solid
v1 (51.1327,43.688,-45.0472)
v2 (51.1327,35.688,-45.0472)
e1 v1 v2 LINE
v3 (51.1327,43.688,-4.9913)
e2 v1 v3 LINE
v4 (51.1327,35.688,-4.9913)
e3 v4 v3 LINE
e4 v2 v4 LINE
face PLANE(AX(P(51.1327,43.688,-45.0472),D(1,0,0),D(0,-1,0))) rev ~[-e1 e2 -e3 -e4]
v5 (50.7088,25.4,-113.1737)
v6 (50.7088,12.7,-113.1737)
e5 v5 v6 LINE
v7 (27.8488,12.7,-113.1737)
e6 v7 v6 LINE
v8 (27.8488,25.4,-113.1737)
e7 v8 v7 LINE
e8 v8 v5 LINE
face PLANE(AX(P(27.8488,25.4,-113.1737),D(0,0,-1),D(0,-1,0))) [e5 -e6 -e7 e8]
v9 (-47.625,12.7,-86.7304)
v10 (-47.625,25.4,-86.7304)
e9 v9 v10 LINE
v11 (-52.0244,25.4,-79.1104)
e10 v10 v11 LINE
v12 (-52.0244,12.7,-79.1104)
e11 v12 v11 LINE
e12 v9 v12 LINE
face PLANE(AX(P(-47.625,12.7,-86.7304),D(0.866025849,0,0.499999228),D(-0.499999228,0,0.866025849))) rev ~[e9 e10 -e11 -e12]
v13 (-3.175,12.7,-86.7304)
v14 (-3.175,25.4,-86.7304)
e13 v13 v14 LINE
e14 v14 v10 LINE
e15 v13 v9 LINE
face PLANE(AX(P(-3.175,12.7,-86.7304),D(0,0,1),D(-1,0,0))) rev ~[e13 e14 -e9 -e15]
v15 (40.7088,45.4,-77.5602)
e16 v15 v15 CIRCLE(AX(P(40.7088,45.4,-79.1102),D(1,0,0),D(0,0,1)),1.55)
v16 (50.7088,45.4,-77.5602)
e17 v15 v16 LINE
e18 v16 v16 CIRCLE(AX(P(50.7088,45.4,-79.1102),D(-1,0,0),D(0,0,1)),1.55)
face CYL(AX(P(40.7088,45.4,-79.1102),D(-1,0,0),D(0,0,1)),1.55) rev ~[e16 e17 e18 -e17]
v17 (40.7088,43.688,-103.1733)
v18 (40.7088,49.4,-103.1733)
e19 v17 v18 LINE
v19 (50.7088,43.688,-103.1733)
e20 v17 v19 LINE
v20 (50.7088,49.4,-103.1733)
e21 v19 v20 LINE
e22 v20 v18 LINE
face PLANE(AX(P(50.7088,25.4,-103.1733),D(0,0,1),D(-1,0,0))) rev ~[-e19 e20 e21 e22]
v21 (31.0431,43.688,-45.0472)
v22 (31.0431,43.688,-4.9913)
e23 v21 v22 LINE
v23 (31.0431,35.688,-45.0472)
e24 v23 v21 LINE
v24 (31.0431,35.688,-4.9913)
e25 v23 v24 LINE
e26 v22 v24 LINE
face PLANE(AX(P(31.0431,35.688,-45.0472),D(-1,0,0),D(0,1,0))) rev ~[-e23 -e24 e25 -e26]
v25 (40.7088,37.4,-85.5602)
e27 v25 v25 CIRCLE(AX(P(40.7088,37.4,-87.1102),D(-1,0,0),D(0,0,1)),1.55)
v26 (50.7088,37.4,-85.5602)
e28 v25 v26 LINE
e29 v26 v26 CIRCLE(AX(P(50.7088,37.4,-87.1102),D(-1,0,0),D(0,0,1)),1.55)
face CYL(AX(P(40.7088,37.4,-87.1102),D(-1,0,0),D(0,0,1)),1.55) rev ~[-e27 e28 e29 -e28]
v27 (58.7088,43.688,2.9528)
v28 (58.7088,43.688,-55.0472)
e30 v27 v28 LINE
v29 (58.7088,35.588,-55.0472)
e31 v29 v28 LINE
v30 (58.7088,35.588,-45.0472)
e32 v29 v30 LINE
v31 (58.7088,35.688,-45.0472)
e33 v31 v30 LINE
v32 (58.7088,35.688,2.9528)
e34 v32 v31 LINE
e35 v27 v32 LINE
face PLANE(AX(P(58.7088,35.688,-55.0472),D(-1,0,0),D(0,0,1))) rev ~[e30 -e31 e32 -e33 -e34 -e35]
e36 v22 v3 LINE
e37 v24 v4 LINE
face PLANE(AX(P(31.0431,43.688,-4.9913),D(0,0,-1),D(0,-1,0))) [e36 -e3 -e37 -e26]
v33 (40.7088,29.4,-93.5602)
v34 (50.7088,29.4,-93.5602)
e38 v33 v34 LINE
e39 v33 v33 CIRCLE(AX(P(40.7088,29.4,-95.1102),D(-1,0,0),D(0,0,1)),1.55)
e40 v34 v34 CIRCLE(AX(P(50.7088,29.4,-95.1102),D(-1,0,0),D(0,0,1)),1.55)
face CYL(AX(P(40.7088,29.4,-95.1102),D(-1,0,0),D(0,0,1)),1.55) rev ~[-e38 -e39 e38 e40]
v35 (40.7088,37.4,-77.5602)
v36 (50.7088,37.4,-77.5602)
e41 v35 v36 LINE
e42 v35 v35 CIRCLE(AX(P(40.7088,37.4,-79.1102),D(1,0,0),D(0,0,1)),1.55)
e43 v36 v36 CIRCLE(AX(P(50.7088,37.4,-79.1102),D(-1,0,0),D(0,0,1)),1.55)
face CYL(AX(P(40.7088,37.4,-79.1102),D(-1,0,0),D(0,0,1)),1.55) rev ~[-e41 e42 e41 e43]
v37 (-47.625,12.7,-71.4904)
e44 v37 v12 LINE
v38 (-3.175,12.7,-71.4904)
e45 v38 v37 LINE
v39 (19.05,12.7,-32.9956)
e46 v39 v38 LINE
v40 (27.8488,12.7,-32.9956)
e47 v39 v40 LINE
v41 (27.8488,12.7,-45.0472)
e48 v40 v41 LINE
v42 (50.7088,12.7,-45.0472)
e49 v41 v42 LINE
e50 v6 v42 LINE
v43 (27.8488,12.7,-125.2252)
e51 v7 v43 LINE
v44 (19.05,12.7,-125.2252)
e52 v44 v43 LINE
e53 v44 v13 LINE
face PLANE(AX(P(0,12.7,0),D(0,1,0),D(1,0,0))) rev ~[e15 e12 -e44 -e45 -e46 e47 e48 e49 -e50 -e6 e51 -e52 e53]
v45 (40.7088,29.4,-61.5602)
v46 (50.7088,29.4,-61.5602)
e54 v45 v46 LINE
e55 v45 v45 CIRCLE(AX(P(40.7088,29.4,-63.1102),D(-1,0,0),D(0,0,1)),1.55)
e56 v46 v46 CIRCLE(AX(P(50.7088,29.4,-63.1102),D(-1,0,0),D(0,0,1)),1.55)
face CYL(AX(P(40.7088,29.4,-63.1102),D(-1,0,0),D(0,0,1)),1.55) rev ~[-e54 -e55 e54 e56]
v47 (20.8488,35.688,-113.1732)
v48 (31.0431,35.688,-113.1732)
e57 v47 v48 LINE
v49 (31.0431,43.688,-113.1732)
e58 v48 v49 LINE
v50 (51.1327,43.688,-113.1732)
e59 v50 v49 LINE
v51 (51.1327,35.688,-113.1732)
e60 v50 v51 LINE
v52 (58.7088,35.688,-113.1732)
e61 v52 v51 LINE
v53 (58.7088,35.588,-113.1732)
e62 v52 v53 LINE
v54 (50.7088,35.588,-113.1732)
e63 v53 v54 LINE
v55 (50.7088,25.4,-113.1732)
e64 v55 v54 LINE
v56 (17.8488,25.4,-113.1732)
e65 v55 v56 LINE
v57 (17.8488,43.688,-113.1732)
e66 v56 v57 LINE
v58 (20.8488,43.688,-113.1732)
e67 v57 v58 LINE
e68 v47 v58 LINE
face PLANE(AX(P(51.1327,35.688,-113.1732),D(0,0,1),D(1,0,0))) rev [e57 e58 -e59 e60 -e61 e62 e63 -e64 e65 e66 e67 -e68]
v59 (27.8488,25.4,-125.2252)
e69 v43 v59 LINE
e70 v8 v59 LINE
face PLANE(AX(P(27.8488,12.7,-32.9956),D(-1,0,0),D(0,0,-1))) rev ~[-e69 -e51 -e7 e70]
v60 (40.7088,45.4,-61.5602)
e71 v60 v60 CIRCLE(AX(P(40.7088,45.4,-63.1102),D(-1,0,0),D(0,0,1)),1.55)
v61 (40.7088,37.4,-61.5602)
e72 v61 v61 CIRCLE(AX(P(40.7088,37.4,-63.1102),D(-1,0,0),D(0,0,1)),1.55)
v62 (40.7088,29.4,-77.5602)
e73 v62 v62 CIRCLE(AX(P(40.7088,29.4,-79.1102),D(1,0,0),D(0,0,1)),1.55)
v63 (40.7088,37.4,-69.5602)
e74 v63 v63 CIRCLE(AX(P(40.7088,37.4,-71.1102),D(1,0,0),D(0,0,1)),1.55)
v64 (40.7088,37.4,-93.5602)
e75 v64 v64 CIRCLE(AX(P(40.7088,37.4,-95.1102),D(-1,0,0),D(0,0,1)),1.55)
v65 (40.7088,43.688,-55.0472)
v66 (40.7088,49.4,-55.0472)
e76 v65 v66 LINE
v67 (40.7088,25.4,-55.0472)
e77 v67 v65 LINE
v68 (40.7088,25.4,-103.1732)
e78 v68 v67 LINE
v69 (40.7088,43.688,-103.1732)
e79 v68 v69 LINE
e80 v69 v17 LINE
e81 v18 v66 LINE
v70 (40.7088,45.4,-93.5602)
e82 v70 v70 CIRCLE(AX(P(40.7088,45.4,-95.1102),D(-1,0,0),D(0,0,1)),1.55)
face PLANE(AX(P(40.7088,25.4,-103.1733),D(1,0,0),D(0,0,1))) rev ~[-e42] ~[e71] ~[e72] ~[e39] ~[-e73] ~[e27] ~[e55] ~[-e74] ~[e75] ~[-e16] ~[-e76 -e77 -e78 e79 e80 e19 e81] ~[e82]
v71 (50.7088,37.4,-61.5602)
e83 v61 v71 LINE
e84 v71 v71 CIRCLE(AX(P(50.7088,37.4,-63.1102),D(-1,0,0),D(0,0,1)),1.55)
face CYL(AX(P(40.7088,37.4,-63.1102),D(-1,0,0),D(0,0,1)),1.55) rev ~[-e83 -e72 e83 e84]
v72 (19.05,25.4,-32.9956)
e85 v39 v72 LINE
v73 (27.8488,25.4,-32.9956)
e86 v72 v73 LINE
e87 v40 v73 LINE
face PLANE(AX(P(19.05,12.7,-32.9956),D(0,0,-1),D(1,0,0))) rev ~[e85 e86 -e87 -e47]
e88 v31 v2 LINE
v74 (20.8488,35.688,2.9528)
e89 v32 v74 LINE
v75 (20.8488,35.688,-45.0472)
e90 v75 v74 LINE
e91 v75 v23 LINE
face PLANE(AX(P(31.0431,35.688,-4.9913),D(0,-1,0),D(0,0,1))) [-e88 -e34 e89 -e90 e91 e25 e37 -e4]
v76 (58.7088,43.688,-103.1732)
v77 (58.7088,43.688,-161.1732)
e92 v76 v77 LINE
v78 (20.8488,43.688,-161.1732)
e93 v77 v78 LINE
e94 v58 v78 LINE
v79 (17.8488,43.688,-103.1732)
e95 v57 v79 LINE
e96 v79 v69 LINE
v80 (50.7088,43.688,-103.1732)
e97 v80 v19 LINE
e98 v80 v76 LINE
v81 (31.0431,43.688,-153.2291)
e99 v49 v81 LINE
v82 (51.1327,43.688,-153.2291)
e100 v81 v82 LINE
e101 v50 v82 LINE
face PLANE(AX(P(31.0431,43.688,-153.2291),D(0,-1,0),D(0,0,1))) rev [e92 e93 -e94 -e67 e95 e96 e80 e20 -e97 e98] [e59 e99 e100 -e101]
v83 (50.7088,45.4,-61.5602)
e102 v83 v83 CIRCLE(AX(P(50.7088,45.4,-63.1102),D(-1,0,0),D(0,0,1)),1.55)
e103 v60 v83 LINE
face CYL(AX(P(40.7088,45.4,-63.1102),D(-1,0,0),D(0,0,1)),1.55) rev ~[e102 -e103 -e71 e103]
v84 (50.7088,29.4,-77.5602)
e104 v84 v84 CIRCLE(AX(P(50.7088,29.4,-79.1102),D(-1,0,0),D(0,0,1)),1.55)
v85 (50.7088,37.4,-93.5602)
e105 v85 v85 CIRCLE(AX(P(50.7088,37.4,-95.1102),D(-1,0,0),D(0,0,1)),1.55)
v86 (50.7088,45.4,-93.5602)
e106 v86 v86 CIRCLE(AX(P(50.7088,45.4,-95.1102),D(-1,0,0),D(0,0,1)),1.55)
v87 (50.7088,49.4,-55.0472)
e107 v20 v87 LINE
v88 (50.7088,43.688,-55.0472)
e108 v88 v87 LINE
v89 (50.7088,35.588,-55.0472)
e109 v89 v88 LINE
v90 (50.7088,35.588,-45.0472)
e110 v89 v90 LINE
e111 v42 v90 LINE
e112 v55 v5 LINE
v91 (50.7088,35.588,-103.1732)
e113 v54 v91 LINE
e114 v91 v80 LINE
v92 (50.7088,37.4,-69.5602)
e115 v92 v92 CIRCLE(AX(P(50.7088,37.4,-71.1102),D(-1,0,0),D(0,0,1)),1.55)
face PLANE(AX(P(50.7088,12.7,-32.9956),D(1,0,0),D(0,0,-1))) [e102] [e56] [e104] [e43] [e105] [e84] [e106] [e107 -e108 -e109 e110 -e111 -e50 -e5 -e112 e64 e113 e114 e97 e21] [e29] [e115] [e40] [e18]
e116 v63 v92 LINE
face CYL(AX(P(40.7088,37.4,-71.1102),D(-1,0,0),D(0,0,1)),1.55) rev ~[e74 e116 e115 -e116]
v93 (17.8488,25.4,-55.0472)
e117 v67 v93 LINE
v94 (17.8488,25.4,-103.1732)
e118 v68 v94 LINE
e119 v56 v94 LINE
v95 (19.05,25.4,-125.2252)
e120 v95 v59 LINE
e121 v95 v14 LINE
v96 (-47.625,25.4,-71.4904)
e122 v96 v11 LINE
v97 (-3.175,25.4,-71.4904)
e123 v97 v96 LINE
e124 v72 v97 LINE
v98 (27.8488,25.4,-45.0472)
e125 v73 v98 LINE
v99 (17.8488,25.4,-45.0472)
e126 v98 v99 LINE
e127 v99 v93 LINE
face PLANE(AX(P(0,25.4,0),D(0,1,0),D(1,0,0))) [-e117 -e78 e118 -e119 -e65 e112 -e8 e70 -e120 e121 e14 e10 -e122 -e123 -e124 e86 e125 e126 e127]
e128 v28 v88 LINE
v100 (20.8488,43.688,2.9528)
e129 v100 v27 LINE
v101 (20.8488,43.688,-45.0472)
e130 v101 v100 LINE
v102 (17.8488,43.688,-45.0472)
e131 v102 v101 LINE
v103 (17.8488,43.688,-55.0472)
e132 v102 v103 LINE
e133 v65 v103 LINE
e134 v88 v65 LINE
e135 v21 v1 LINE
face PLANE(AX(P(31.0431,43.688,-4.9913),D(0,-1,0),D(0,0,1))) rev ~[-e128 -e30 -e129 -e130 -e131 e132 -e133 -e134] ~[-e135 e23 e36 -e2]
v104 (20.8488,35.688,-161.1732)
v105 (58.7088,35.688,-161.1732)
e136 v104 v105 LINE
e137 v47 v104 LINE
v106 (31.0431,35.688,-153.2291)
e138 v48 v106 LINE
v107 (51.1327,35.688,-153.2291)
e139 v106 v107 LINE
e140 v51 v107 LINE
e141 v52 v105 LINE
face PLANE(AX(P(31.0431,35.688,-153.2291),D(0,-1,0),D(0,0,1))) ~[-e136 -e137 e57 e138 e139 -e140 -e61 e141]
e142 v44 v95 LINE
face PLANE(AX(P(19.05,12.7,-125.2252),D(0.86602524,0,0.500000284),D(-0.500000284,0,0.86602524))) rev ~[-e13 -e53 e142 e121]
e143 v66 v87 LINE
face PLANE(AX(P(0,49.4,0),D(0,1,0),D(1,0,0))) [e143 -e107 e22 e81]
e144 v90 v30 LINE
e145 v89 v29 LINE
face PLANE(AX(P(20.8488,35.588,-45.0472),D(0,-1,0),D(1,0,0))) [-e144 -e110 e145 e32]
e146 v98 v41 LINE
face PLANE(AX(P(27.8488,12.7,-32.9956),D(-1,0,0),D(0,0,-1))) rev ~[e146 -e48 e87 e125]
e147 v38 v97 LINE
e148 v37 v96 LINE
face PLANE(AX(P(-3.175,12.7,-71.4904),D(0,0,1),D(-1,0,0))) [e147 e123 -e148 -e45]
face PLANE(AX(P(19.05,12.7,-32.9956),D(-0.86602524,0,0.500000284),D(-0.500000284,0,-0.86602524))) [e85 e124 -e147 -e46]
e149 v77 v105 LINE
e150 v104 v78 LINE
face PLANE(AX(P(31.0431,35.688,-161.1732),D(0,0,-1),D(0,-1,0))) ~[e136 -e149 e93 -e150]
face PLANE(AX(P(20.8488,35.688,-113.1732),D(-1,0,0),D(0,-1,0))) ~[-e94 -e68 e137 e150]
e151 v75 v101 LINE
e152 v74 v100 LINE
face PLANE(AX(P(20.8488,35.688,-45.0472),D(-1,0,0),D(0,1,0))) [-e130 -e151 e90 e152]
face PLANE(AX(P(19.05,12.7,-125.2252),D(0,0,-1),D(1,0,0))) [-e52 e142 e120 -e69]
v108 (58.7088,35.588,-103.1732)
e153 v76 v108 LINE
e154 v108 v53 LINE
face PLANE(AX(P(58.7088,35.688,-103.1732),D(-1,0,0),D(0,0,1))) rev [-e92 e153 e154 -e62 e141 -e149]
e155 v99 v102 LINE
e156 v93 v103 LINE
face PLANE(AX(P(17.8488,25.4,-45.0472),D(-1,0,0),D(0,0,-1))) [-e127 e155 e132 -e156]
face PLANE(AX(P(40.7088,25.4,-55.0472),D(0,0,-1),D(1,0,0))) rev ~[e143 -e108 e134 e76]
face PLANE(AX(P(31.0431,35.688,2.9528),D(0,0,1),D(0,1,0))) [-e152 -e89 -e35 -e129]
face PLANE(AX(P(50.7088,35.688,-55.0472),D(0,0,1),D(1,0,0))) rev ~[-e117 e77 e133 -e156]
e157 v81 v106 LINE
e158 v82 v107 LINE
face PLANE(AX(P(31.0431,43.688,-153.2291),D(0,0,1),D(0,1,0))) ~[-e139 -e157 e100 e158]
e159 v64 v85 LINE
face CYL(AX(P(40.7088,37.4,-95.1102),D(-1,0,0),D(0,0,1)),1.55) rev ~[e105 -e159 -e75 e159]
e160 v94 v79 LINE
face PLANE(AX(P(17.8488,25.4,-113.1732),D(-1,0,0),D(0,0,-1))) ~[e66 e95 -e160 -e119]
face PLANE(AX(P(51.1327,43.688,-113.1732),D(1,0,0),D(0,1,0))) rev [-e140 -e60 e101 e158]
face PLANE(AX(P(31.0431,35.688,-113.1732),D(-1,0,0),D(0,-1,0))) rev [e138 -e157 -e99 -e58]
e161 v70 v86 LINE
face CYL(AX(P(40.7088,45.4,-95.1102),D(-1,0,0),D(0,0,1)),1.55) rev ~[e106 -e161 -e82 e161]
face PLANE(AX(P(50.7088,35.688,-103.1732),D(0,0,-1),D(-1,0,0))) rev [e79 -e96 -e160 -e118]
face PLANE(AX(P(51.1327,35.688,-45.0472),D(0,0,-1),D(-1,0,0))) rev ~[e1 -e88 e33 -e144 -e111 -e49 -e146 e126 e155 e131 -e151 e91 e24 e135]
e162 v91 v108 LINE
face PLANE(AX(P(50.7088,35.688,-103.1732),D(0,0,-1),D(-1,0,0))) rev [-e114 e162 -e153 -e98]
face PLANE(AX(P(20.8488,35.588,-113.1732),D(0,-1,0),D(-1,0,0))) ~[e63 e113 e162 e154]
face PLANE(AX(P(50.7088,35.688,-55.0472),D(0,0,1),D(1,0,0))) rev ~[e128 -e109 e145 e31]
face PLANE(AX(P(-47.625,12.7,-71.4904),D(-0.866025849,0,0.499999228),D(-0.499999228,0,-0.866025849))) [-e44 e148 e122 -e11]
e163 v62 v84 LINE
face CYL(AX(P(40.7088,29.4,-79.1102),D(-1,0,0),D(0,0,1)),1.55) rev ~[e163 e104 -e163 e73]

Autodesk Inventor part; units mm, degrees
ref_plane "YZ Plane" through (0, 0, 0) normal (1, 0, 0) x (0, 1, 0)
ref_plane "XZ Plane" through (0, 0, 0) normal (0, 1, 0) x (-1, 0, 0)
ref_plane "XY Plane" through (0, 0, 0) normal (0, 0, 1) x (1, 0, 0)
ref_plane "Work Plane1" through (0, 12.7, 0) normal (0, 1, 0) x (1, 0, 0)
sketch "Sketch3" plane through (0, 12.7, 0) normal (0, 1, 0) x (1, 0, 0)
  line L0 (19.05, 32.9956) -> (-3.175, 71.4904)
  line L1 (19.05, 32.9956) -> (27.8488, 32.9956)
  line L2 (-47.625, 71.4904) -> (-52.0244, 79.1104)
  line L3 (27.8488, 32.9956) -> (27.8488, 32.9956)
  line L4 (27.8488, 32.9956) -> (27.8488, 32.9956)
  line L5 (1.2244, 79.1104) -> (-3.175, 71.4904)
  line L6 (-3.175, 71.4904) -> (-47.625, 71.4904)
  line L7 (1.2244, 79.1104) -> (27.8488, 32.9956)
  line L8 (27.8488, 32.9956) -> (19.05, 32.9956)
  line L9 (27.8488, 32.9956) -> (27.8488, 32.9956)
  line L10 (27.8488, 32.9956) -> (27.8488, 32.9956)
  line L11 (1.2244, 79.1104) -> (-52.0244, 79.1104)
  line L12 (19.05, 125.2252) -> (-3.175, 86.7304)
  line L13 (19.05, 125.2252) -> (27.8488, 125.2252)
  line L14 (-47.625, 86.7304) -> (-52.0244, 79.1104)
  line L15 (27.8488, 125.2252) -> (27.8488, 125.2252)
  line L16 (27.8488, 125.2252) -> (27.8488, 125.2252)
  line L17 (1.2244, 79.1104) -> (-3.175, 86.7304)
  line L18 (-3.175, 86.7304) -> (-47.625, 86.7304)
  line L19 (1.2244, 79.1104) -> (27.8488, 125.2252)
  line L20 (27.8488, 125.2252) -> (19.05, 125.2252)
  line L21 (27.8488, 125.2252) -> (27.8488, 125.2252)
  line L22 (27.8488, 125.2252) -> (27.8488, 125.2252)
  line L23 (27.8488, 32.9956) -> (27.8488, 125.2252)
  point P0 (-38.1, 71.4904)
  dimension "d53" = 8.7988
  dimension "d54" = 8.7988
  dimension "d59" = 90
  dimension "d60" = 120
  dimension "d62" = 120
  dimension "d163" = 44.45
  dimension "d173" = 60
ref_plane "Work Plane2" through (0, 88.9, 0) normal (0, 1, 0) x (1, 0, 0)
extrude "Extrusion11" add sketch "Sketch3" along normal blind 12.7 contours L0 L5 L7 L1 | L6 L2 L11 L5
extrude "Extrusion21" add sketch "Sketch3" along normal blind 12.7 contours L11 L14 L18 L17 | L17 L12 L13 L19
extrude "Extrusion22" add sketch "Sketch3" along normal blind 12.7 contours L7 L19 L23
sketch "Sketch15" plane through (27.8488, 12.7, -32.9956) normal (1, 0, 0) x (0, 0, -1)
  line L0 (0, 0) -> (0, 12.7) projected
  line L1 (0, 12.7) -> (12.0516, 12.7)
  line L2 (0, 12.7) -> (92.2297, 12.7) projected
  line L3 (92.2297, 0) -> (92.2297, 12.7) projected
  line L4 (92.2297, 12.7) -> (80.1781, 12.7)
  line L5 (12.0516, 12.7) -> (12.0516, 0)
  line L6 (38.4948, 0) -> (0, 0) projected
  line L7 (80.1781, 12.7) -> (80.1781, 0)
  line L8 (80.1781, 0) -> (12.0516, 0)
  line L9 (12.0516, 12.7) -> (80.1781, 12.7)
  point P0 (-32.9956, -12.7)
  point P1 (38.4948, 0)
  dimension "d180" = 12.0516
  dimension "d181" = 12.0516
extrude "Extrusion23" add sketch "Sketch15" along normal blind 22.86 contours L5 L2 L7 L8 L6
sketch "Sketch16" plane through (0, 25.4, 0) normal (0, 1, 0) x (1, 0, 0)
  line L0 (27.8488, 45.0472) -> (50.7088, 45.0472) projected
  line L1 (50.7088, 45.0472) -> (50.7088, 55.0472)
  line L2 (50.7088, 113.1736) -> (50.7088, 45.0472) projected
  line L3 (27.8488, 32.9956) -> (27.8488, 45.0472) projected
  line L4 (27.8488, 45.0472) -> (27.8488, 55.0472)
  line L5 (27.8488, 55.0472) -> (50.7088, 55.0472)
  line L6 (27.8488, 45.0472) -> (17.8488, 45.0472)
  line L7 (17.8488, 45.0472) -> (17.8488, 55.0472)
  line L8 (17.8488, 55.0472) -> (27.8488, 55.0472)
  point P0 (0, 0)
  dimension "d184" = 10
  dimension "d185" = 10
  dimension "d199" = 10
  dimension "d200" = 10
extrude "Extrusion24" add sketch "Sketch16" along normal blind 18.288
sketch "Sketch18" plane through (27.8488, 12.7, -45.0472) normal (0, 0, 1) x (1, 0, 0)
  line L0 (-7, 22.988) -> (-7, 30.988) projected
  line L1 (-7, 30.988) -> (-7, 22.988)
  line L2 (-7, 22.988) -> (3.1943, 22.988)
  line L3 (3.1943, 22.988) -> (3.1943, 30.988)
  line L4 (3.1943, 30.988) -> (-7, 30.988)
  point P0 (-27.8488, -12.7)
extrude "Extrusion26" add sketch "Sketch18" along normal blind 48
sketch "Sketch19" plane through (50.7088, 12.7, -32.9956) normal (1, 0, 0) x (0, 0, -1)
  line L0 (12.0516, 30.988) -> (22.0516, 30.988) projected
  line L1 (12.0516, 22.988) -> (22.0516, 22.988) projected
  line L2 (12.0516, 30.988) -> (12.0516, 22.988)
  line L3 (12.0516, 22.988) -> (22.0516, 22.988)
  line L4 (22.0516, 22.988) -> (22.0516, 30.988)
  line L5 (22.0516, 30.988) -> (12.0516, 30.988)
  point P0 (-32.9956, -12.7)
extrude "Extrusion27" add sketch "Sketch19" along normal blind 8
sketch "Sketch20" plane through (27.8488, 12.7, -45.0472) normal (0, 0, 1) x (1, 0, 0)
  line L0 (-10, 30.988) -> (30.86, 30.988) projected
  line L1 (30.86, 30.988) -> (23.2839, 30.988)
  line L2 (30.86, 30.988) -> (30.86, 22.988) projected
  line L3 (30.86, 30.988) -> (30.86, 22.988)
  line L4 (23.2839, 30.988) -> (23.2839, 22.988)
  line L5 (22.86, 22.988) -> (30.86, 22.988) projected
  line L6 (23.2839, 22.988) -> (30.86, 22.988)
  point P0 (-27.8488, -12.7)
  point P1 (-7, 30.988)
extrude "Extrusion28" add sketch "Sketch20" along normal blind 48
sketch "Sketch21" plane through (31.0431, 35.688, -45.0472) normal (1, 0, 0) x (0, 0, -1)
  line L0 (0, 8) -> (-48, 8) projected
  line L1 (-48, 8) -> (-40.0559, 8)
  line L2 (0, 0) -> (-48, 0) projected
  line L3 (-48, 8) -> (-40.0559, 8)
  line L4 (-40.0559, 8) -> (-40.0559, 0)
  line L5 (-40.0559, 0) -> (-48, 0)
  line L6 (-48, 0) -> (-48, 8)
  point P0 (-45.0472, -35.688)
  point P1 (-40.0559, 8)
extrude "Extrusion29" add sketch "Sketch21" along normal blind 24
sketch "Sketch22" plane through (20.8488, 35.688, -45.0472) normal (0, -1, 0) x (1, 0, 0)
  line L0 (29.86, -10) -> (29.86, 0) projected
  line L1 (29.86, 0) -> (29.86, -10)
  line L2 (-3, -10) -> (37.86, -10) projected
  line L3 (29.86, -10) -> (37.86, -10)
  line L4 (37.86, -10) -> (37.86, 0)
  line L5 (37.86, -10) -> (37.86, 48) projected
  line L6 (37.86, 0) -> (29.86, 0)
  line L7 (10.1943, 0) -> (30.2839, 0) projected
  point P0 (-20.8488, 45.0472)
extrude "Extrusion30" add sketch "Sketch22" along normal blind 0.1
sketch "Sketch23" plane through (27.8488, 12.7, -125.2252) normal (1, 0, 0) x (0, 0, -1)
  line L0 (0, 12.7) -> (-38.4948, 12.7) projected
  line L1 (0, 12.7) -> (-92.23, 12.7)
  line L2 (-92.23, 12.7) -> (-46.115, 12.7)
  line L3 (-46.115, 12.7) -> (-46.115, -5.4256)
  point P0 (-125.2252, -12.7)
  dimension "d206" = 92.23
  dimension "d207" = 46.115
ref_plane "Work Plane5" through (27.8488, 25.4, -79.1102) normal (0, 0, 1) x (0, -1, 0)
mirror "Mirror2" about plane through (27.8488, 25.4, -79.1102) normal (0, 0, 1) of "Extrusion24", "Extrusion26", "Extrusion27", "Extrusion28", "Extrusion29", "Extrusion30"
sketch "Sketch24" plane through (0, 25.4, 0) normal (0, 1, 0) x (1, 0, 0)
  line L0 (50.7088, 103.1733) -> (50.7088, 55.0472) projected
  line L1 (50.7088, 55.0472) -> (50.7088, 103.1733)
  line L2 (50.7088, 103.1733) -> (40.7088, 103.1733)
  line L3 (58.7088, 103.1733) -> (17.8488, 103.1733) projected
  line L4 (40.7088, 103.1733) -> (40.7088, 55.0472)
  line L5 (17.8488, 55.0472) -> (50.7088, 55.0472) projected
  line L6 (40.7088, 55.0472) -> (50.7088, 55.0472)
  point P0 (0, 0)
  dimension "d209" = 10
  dimension "d210" = 90
extrude "Extrusion31" add sketch "Sketch24" along normal blind 24
sketch "Sketch25" plane through (40.7088, 25.4, -103.1733) normal (-1, 0, 0) x (0, 0, 1)
  line L0 (0, 18.288) -> (0, 24) projected
  line L1 (48.1261, 0) -> (0, 0) projected
  line L2 (0, 24) -> (48.1261, 24)
  line L3 (48.1261, 24) -> (48.1261, 0)
  line L4 (48.1261, 0) -> (0, 0)
  line L5 (0, 0) -> (0, 24)
  line L6 (0, 24) -> (24.0631, 24)
  line L7 (24.0631, 24) -> (24.0631, 12)
  circle A0 centre (24.0631, 12) radius 1.55
  line L8 (24.0631, 12) -> (24.0631, 20)
  circle A1 centre (24.0631, 20) radius 1.55
  line L9 (24.0631, 12) -> (24.0631, 4)
  circle A2 centre (24.0631, 4) radius 1.55
  line L10 (24.0631, 12) -> (16.0631, 12)
  line L11 (16.0631, 12) -> (32.0631, 12)
  circle A3 centre (16.0631, 12) radius 1.55
  circle A4 centre (32.0631, 12) radius 1.55
  circle A5 centre (0.0631, 12) radius 1.55
  circle A6 centre (8.0631, 12) radius 1.55
  circle A7 centre (8.0631, 20) radius 1.55
  circle A8 centre (16.0631, 12) radius 1.55
  circle A9 centre (8.0631, 4) radius 1.55
  circle A10 centre (32.0631, 12) radius 1.55
  circle A11 centre (40.0631, 12) radius 1.55
  circle A12 centre (40.0631, 20) radius 1.55
  circle A13 centre (48.0631, 12) radius 1.55
  circle A14 centre (40.0631, 4) radius 1.55
  circle A15 centre (16.0631, 12) radius 1.55
  circle A16 centre (24.0631, 12) radius 1.55
  circle A17 centre (24.0631, 20) radius 1.55
  circle A18 centre (32.0631, 12) radius 1.55
  circle A19 centre (24.0631, 4) radius 1.55
  point P0 (103.1733, -25.4)
  dimension "d216" = 3.1
  dimension "d217" = 8
  dimension "d218" = 3.1
  dimension "d219" = 8
  dimension "d220" = 3.1
  dimension "d221" = 8
  dimension "d222" = 16
  dimension "d223" = 3.1
  dimension "d224" = 3.1
  dimension "d229" = 16
  dimension "d232" = 16
extrude "Extrusion32" cut sketch "Sketch25" against normal blind 14.75 contours A4 | A2 | A3 | A0 L11 L7 | L7 L10 A0 | A1 L7 | L7 A1 | L11 A0 L9 | L9 A0 L10 | A6 | A7 | A9 | A11 | A12 | A14
properties part number "HorizontalGrabberMain"
